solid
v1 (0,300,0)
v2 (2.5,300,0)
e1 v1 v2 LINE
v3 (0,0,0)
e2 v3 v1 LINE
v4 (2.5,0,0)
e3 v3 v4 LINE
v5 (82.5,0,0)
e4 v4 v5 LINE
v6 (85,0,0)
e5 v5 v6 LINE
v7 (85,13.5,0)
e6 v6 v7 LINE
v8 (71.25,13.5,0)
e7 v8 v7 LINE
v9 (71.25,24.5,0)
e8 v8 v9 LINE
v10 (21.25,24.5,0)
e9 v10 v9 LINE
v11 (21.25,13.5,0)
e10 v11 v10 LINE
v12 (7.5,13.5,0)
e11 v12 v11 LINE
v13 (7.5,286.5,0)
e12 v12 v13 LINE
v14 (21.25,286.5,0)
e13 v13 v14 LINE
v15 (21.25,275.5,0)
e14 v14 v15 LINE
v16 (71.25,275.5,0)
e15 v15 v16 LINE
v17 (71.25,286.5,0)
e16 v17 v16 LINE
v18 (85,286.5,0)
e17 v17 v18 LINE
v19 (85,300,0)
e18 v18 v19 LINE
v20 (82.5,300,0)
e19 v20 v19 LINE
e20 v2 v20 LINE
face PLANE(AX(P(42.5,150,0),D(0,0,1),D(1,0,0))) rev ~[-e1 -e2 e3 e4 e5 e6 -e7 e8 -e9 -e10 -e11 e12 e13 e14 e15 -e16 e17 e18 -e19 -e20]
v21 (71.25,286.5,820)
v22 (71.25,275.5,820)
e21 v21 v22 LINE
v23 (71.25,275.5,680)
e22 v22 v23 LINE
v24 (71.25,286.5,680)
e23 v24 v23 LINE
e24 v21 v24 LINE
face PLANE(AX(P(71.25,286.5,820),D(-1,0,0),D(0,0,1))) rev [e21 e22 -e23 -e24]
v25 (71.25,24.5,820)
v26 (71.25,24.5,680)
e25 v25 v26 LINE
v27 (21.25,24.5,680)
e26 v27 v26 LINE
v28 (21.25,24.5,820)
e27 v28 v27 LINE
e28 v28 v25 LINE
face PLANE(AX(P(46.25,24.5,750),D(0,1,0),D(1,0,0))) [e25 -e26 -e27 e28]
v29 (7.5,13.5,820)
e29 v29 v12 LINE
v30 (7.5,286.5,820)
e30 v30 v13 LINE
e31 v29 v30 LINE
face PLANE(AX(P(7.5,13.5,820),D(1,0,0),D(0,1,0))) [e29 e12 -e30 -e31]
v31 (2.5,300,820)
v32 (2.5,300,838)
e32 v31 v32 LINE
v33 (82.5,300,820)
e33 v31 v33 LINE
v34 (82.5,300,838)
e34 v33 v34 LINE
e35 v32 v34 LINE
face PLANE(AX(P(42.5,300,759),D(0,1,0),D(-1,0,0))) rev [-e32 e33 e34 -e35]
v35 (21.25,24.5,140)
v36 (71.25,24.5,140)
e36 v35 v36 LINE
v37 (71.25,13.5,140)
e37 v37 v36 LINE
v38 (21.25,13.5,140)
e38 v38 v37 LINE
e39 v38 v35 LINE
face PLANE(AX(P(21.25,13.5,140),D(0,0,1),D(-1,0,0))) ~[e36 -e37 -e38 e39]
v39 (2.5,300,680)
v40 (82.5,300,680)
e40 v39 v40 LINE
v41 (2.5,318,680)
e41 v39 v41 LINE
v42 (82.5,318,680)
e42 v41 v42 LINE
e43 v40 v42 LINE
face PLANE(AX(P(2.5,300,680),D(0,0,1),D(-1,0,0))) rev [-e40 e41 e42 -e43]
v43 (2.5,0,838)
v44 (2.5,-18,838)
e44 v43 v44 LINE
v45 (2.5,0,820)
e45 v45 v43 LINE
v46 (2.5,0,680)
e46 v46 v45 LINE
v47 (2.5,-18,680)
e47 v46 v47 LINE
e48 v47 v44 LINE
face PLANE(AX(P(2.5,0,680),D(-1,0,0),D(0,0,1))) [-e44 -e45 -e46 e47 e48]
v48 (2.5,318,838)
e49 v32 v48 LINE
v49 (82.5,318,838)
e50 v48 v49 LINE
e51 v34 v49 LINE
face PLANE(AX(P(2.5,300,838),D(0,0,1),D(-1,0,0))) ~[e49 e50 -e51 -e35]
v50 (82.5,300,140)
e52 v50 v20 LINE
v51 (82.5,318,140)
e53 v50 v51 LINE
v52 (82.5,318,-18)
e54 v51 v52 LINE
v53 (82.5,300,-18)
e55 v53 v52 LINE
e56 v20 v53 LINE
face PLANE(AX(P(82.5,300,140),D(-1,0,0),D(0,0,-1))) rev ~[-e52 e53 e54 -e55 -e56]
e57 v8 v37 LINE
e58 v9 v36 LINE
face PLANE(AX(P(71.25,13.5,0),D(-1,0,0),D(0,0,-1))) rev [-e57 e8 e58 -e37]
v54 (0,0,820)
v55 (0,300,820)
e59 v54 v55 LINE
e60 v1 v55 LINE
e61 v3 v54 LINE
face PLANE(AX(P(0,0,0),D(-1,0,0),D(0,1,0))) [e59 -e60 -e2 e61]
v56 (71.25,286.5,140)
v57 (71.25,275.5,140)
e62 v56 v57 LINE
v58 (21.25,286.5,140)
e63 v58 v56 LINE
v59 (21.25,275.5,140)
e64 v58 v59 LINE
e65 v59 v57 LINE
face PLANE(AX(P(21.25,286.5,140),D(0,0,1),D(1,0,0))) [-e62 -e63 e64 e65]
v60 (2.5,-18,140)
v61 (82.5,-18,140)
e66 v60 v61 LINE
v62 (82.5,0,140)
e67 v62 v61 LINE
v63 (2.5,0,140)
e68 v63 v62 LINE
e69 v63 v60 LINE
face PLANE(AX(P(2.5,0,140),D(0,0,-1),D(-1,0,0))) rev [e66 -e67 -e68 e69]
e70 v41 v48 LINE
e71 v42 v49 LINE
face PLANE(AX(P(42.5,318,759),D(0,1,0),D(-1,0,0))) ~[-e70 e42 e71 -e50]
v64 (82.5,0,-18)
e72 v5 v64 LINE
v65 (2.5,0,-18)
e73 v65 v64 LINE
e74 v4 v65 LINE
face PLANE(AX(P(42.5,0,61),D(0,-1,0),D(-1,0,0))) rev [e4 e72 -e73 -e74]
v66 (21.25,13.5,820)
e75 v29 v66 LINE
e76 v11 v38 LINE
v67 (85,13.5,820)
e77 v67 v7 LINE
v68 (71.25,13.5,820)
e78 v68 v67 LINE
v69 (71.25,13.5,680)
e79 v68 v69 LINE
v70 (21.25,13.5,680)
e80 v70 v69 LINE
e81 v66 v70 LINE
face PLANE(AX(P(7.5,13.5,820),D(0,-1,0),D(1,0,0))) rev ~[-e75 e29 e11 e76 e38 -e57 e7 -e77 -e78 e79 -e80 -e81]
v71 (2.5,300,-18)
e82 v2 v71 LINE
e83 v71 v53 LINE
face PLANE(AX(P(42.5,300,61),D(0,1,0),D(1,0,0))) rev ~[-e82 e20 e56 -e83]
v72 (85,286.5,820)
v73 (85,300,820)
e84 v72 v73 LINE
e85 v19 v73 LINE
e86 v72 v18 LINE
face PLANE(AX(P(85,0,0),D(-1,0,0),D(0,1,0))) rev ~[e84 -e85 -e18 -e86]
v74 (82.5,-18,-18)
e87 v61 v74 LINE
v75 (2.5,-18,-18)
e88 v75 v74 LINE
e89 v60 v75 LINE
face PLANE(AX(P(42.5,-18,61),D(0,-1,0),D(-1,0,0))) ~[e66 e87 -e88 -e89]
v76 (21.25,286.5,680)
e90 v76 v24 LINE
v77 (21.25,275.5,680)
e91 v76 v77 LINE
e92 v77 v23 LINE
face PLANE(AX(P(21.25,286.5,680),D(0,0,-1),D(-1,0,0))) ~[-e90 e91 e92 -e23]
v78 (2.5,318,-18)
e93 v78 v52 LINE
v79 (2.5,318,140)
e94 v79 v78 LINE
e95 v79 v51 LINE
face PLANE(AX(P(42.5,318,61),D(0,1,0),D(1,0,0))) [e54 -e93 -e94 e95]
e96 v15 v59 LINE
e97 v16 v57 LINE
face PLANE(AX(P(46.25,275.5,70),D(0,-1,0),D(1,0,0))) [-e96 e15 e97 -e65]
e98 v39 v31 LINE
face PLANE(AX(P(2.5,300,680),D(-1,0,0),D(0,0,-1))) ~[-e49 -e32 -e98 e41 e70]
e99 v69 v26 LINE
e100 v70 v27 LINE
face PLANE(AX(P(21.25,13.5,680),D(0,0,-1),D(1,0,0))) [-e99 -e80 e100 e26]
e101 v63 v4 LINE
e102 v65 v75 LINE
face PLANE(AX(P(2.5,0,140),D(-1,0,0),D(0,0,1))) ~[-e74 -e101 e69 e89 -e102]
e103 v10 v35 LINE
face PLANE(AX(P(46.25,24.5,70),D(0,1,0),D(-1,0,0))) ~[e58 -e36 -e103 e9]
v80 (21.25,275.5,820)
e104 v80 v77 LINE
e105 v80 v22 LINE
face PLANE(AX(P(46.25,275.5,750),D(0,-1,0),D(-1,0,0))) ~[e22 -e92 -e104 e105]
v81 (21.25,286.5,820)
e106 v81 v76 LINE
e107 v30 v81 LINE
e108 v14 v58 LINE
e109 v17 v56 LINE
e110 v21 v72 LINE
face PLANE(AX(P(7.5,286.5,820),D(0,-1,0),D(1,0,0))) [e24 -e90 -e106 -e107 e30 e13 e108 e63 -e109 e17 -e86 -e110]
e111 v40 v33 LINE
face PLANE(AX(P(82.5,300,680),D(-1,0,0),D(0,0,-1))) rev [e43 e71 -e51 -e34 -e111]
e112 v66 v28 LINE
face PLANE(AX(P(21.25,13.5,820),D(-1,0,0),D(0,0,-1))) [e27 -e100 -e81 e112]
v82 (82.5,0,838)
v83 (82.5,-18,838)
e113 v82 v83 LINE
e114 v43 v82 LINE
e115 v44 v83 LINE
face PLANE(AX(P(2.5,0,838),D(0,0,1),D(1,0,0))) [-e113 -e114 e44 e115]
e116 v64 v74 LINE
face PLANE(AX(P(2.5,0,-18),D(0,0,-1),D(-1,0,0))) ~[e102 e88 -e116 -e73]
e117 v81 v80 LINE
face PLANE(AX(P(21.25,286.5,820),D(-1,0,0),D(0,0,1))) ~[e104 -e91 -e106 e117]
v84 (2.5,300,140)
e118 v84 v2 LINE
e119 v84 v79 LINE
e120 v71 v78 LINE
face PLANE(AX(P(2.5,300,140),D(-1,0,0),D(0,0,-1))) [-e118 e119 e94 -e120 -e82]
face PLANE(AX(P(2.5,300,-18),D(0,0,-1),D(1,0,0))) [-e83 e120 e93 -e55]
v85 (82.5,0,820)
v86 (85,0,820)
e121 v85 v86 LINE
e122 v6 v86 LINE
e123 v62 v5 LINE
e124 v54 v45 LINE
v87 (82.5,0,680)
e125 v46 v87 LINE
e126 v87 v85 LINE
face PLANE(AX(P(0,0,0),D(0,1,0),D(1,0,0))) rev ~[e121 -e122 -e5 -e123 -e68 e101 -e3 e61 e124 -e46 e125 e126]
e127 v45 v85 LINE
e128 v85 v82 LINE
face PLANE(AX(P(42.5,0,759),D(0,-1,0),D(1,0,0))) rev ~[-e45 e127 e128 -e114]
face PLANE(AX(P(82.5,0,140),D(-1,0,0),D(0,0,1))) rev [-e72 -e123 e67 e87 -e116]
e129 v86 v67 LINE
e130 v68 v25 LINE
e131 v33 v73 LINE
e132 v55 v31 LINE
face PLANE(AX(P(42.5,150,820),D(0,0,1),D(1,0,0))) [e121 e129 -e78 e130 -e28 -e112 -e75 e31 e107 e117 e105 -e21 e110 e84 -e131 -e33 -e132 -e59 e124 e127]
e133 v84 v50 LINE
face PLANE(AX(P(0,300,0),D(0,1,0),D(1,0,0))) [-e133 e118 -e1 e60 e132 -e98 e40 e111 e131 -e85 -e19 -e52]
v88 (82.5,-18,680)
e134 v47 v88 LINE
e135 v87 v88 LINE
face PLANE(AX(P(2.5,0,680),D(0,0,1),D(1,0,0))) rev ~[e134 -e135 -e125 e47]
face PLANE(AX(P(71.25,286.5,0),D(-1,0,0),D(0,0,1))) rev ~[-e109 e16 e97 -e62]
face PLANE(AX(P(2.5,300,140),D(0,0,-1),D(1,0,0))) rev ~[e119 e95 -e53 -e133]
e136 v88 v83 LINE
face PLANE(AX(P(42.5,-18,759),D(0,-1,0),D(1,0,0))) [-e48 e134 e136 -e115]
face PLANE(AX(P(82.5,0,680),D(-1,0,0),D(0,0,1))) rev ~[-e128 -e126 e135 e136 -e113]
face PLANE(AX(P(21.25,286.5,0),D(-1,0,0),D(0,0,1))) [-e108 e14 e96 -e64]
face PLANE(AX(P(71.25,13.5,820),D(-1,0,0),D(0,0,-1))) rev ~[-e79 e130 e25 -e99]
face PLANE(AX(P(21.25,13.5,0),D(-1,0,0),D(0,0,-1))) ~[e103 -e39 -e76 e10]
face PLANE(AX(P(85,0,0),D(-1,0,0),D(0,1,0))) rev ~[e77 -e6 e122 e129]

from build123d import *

# Parameters (mm, degrees)
SKETCH_1_W               = 85
SKETCH_1_H               = 300
EXTRUDE_1_DEPTH          = 820
SKETCH_2_W               = 77.5
SKETCH_2_H               = 273
CUT_EXTRUDE_1_DEPTH      = 878.282736636
SKETCH_5_W               = 50
SKETCH_5_H               = 140
EXTRUDE_3_DEPTH          = 11
SKETCH_6_W               = 80
SKETCH_6_H               = 158
EXTRUDE_4_DEPTH          = 18
MIRROR_4_COPY_1_SKETCH_W = 50
MIRROR_4_COPY_1_SKETCH_H = 140
MIRROR_4_COPY_1_DEPTH    = 11
MIRROR_4_COPY_2_SKETCH_W = 80
MIRROR_4_COPY_2_SKETCH_H = 158
MIRROR_4_COPY_2_DEPTH    = 18


with BuildPart() as part:
    # 草图1 → 凸台-拉伸1 (new body)
    with BuildSketch(Plane.XY):
        with Locations((42.5, 150)):
            Rectangle(SKETCH_1_W, SKETCH_1_H)
    extrude(amount=EXTRUDE_1_DEPTH)

    # 草图2 → 切除-拉伸1 (cut, through all)
    with BuildSketch(Plane.XY.offset(820)):
        with Locations((46.25, 150)):
            Rectangle(SKETCH_2_W, SKETCH_2_H)
    extrude(amount=-CUT_EXTRUDE_1_DEPTH, mode=Mode.SUBTRACT)

    # 草图5 → 凸台-拉伸3 (add)
    with BuildSketch(Plane.XZ.offset(-286.5)):
        with Locations((46.25, 70)):
            Rectangle(SKETCH_5_W, SKETCH_5_H)
    extrude_3 = extrude(amount=EXTRUDE_3_DEPTH)

    # 草图6 → 凸台-拉伸4 (add)
    with BuildSketch(Plane(origin=(0, 300, 0), x_dir=(1, 0, 0), z_dir=(0, 1, 0))):
        with Locations((42.5, -61)):
            Rectangle(SKETCH_6_W, SKETCH_6_H)
    extrude_4 = extrude(amount=EXTRUDE_4_DEPTH)

    # 镜向3: 凸台-拉伸3, 凸台-拉伸4 across plane
    add(extrude_3.mirror(Plane(origin=(0, 150, 0), x_dir=(0, 0, 1), z_dir=(0, -1, 0))))
    add(extrude_4.mirror(Plane(origin=(0, 150, 0), x_dir=(0, 0, 1), z_dir=(0, -1, 0))))

    # 镜向4: 凸台-拉伸3, 凸台-拉伸4 across plane
    add(extrude_3.mirror(Plane(origin=(0, 0, 410), x_dir=(1, 0, 0), z_dir=(0, 0, -1))))
    add(extrude_4.mirror(Plane(origin=(0, 0, 410), x_dir=(1, 0, 0), z_dir=(0, 0, -1))))

    # 镜向4 copy 1 sketch → 镜向4 copy 1 (add)
    with BuildSketch(Plane(origin=(0, 13.5, 820), x_dir=(1, 0, 0), z_dir=(0, 1, 0))):
        with Locations((46.25, 70)):
            Rectangle(MIRROR_4_COPY_1_SKETCH_W, MIRROR_4_COPY_1_SKETCH_H)
    extrude(amount=MIRROR_4_COPY_1_DEPTH)

    # 镜向4 copy 2 sketch → 镜向4 copy 2 (add)
    with BuildSketch(Plane(origin=(0, 0, 820), x_dir=(1, 0, 0), z_dir=(0, -1, 0))):
        with Locations((42.5, -61)):
            Rectangle(MIRROR_4_COPY_2_SKETCH_W, MIRROR_4_COPY_2_SKETCH_H)
    extrude(amount=MIRROR_4_COPY_2_DEPTH)


solid = part.part
